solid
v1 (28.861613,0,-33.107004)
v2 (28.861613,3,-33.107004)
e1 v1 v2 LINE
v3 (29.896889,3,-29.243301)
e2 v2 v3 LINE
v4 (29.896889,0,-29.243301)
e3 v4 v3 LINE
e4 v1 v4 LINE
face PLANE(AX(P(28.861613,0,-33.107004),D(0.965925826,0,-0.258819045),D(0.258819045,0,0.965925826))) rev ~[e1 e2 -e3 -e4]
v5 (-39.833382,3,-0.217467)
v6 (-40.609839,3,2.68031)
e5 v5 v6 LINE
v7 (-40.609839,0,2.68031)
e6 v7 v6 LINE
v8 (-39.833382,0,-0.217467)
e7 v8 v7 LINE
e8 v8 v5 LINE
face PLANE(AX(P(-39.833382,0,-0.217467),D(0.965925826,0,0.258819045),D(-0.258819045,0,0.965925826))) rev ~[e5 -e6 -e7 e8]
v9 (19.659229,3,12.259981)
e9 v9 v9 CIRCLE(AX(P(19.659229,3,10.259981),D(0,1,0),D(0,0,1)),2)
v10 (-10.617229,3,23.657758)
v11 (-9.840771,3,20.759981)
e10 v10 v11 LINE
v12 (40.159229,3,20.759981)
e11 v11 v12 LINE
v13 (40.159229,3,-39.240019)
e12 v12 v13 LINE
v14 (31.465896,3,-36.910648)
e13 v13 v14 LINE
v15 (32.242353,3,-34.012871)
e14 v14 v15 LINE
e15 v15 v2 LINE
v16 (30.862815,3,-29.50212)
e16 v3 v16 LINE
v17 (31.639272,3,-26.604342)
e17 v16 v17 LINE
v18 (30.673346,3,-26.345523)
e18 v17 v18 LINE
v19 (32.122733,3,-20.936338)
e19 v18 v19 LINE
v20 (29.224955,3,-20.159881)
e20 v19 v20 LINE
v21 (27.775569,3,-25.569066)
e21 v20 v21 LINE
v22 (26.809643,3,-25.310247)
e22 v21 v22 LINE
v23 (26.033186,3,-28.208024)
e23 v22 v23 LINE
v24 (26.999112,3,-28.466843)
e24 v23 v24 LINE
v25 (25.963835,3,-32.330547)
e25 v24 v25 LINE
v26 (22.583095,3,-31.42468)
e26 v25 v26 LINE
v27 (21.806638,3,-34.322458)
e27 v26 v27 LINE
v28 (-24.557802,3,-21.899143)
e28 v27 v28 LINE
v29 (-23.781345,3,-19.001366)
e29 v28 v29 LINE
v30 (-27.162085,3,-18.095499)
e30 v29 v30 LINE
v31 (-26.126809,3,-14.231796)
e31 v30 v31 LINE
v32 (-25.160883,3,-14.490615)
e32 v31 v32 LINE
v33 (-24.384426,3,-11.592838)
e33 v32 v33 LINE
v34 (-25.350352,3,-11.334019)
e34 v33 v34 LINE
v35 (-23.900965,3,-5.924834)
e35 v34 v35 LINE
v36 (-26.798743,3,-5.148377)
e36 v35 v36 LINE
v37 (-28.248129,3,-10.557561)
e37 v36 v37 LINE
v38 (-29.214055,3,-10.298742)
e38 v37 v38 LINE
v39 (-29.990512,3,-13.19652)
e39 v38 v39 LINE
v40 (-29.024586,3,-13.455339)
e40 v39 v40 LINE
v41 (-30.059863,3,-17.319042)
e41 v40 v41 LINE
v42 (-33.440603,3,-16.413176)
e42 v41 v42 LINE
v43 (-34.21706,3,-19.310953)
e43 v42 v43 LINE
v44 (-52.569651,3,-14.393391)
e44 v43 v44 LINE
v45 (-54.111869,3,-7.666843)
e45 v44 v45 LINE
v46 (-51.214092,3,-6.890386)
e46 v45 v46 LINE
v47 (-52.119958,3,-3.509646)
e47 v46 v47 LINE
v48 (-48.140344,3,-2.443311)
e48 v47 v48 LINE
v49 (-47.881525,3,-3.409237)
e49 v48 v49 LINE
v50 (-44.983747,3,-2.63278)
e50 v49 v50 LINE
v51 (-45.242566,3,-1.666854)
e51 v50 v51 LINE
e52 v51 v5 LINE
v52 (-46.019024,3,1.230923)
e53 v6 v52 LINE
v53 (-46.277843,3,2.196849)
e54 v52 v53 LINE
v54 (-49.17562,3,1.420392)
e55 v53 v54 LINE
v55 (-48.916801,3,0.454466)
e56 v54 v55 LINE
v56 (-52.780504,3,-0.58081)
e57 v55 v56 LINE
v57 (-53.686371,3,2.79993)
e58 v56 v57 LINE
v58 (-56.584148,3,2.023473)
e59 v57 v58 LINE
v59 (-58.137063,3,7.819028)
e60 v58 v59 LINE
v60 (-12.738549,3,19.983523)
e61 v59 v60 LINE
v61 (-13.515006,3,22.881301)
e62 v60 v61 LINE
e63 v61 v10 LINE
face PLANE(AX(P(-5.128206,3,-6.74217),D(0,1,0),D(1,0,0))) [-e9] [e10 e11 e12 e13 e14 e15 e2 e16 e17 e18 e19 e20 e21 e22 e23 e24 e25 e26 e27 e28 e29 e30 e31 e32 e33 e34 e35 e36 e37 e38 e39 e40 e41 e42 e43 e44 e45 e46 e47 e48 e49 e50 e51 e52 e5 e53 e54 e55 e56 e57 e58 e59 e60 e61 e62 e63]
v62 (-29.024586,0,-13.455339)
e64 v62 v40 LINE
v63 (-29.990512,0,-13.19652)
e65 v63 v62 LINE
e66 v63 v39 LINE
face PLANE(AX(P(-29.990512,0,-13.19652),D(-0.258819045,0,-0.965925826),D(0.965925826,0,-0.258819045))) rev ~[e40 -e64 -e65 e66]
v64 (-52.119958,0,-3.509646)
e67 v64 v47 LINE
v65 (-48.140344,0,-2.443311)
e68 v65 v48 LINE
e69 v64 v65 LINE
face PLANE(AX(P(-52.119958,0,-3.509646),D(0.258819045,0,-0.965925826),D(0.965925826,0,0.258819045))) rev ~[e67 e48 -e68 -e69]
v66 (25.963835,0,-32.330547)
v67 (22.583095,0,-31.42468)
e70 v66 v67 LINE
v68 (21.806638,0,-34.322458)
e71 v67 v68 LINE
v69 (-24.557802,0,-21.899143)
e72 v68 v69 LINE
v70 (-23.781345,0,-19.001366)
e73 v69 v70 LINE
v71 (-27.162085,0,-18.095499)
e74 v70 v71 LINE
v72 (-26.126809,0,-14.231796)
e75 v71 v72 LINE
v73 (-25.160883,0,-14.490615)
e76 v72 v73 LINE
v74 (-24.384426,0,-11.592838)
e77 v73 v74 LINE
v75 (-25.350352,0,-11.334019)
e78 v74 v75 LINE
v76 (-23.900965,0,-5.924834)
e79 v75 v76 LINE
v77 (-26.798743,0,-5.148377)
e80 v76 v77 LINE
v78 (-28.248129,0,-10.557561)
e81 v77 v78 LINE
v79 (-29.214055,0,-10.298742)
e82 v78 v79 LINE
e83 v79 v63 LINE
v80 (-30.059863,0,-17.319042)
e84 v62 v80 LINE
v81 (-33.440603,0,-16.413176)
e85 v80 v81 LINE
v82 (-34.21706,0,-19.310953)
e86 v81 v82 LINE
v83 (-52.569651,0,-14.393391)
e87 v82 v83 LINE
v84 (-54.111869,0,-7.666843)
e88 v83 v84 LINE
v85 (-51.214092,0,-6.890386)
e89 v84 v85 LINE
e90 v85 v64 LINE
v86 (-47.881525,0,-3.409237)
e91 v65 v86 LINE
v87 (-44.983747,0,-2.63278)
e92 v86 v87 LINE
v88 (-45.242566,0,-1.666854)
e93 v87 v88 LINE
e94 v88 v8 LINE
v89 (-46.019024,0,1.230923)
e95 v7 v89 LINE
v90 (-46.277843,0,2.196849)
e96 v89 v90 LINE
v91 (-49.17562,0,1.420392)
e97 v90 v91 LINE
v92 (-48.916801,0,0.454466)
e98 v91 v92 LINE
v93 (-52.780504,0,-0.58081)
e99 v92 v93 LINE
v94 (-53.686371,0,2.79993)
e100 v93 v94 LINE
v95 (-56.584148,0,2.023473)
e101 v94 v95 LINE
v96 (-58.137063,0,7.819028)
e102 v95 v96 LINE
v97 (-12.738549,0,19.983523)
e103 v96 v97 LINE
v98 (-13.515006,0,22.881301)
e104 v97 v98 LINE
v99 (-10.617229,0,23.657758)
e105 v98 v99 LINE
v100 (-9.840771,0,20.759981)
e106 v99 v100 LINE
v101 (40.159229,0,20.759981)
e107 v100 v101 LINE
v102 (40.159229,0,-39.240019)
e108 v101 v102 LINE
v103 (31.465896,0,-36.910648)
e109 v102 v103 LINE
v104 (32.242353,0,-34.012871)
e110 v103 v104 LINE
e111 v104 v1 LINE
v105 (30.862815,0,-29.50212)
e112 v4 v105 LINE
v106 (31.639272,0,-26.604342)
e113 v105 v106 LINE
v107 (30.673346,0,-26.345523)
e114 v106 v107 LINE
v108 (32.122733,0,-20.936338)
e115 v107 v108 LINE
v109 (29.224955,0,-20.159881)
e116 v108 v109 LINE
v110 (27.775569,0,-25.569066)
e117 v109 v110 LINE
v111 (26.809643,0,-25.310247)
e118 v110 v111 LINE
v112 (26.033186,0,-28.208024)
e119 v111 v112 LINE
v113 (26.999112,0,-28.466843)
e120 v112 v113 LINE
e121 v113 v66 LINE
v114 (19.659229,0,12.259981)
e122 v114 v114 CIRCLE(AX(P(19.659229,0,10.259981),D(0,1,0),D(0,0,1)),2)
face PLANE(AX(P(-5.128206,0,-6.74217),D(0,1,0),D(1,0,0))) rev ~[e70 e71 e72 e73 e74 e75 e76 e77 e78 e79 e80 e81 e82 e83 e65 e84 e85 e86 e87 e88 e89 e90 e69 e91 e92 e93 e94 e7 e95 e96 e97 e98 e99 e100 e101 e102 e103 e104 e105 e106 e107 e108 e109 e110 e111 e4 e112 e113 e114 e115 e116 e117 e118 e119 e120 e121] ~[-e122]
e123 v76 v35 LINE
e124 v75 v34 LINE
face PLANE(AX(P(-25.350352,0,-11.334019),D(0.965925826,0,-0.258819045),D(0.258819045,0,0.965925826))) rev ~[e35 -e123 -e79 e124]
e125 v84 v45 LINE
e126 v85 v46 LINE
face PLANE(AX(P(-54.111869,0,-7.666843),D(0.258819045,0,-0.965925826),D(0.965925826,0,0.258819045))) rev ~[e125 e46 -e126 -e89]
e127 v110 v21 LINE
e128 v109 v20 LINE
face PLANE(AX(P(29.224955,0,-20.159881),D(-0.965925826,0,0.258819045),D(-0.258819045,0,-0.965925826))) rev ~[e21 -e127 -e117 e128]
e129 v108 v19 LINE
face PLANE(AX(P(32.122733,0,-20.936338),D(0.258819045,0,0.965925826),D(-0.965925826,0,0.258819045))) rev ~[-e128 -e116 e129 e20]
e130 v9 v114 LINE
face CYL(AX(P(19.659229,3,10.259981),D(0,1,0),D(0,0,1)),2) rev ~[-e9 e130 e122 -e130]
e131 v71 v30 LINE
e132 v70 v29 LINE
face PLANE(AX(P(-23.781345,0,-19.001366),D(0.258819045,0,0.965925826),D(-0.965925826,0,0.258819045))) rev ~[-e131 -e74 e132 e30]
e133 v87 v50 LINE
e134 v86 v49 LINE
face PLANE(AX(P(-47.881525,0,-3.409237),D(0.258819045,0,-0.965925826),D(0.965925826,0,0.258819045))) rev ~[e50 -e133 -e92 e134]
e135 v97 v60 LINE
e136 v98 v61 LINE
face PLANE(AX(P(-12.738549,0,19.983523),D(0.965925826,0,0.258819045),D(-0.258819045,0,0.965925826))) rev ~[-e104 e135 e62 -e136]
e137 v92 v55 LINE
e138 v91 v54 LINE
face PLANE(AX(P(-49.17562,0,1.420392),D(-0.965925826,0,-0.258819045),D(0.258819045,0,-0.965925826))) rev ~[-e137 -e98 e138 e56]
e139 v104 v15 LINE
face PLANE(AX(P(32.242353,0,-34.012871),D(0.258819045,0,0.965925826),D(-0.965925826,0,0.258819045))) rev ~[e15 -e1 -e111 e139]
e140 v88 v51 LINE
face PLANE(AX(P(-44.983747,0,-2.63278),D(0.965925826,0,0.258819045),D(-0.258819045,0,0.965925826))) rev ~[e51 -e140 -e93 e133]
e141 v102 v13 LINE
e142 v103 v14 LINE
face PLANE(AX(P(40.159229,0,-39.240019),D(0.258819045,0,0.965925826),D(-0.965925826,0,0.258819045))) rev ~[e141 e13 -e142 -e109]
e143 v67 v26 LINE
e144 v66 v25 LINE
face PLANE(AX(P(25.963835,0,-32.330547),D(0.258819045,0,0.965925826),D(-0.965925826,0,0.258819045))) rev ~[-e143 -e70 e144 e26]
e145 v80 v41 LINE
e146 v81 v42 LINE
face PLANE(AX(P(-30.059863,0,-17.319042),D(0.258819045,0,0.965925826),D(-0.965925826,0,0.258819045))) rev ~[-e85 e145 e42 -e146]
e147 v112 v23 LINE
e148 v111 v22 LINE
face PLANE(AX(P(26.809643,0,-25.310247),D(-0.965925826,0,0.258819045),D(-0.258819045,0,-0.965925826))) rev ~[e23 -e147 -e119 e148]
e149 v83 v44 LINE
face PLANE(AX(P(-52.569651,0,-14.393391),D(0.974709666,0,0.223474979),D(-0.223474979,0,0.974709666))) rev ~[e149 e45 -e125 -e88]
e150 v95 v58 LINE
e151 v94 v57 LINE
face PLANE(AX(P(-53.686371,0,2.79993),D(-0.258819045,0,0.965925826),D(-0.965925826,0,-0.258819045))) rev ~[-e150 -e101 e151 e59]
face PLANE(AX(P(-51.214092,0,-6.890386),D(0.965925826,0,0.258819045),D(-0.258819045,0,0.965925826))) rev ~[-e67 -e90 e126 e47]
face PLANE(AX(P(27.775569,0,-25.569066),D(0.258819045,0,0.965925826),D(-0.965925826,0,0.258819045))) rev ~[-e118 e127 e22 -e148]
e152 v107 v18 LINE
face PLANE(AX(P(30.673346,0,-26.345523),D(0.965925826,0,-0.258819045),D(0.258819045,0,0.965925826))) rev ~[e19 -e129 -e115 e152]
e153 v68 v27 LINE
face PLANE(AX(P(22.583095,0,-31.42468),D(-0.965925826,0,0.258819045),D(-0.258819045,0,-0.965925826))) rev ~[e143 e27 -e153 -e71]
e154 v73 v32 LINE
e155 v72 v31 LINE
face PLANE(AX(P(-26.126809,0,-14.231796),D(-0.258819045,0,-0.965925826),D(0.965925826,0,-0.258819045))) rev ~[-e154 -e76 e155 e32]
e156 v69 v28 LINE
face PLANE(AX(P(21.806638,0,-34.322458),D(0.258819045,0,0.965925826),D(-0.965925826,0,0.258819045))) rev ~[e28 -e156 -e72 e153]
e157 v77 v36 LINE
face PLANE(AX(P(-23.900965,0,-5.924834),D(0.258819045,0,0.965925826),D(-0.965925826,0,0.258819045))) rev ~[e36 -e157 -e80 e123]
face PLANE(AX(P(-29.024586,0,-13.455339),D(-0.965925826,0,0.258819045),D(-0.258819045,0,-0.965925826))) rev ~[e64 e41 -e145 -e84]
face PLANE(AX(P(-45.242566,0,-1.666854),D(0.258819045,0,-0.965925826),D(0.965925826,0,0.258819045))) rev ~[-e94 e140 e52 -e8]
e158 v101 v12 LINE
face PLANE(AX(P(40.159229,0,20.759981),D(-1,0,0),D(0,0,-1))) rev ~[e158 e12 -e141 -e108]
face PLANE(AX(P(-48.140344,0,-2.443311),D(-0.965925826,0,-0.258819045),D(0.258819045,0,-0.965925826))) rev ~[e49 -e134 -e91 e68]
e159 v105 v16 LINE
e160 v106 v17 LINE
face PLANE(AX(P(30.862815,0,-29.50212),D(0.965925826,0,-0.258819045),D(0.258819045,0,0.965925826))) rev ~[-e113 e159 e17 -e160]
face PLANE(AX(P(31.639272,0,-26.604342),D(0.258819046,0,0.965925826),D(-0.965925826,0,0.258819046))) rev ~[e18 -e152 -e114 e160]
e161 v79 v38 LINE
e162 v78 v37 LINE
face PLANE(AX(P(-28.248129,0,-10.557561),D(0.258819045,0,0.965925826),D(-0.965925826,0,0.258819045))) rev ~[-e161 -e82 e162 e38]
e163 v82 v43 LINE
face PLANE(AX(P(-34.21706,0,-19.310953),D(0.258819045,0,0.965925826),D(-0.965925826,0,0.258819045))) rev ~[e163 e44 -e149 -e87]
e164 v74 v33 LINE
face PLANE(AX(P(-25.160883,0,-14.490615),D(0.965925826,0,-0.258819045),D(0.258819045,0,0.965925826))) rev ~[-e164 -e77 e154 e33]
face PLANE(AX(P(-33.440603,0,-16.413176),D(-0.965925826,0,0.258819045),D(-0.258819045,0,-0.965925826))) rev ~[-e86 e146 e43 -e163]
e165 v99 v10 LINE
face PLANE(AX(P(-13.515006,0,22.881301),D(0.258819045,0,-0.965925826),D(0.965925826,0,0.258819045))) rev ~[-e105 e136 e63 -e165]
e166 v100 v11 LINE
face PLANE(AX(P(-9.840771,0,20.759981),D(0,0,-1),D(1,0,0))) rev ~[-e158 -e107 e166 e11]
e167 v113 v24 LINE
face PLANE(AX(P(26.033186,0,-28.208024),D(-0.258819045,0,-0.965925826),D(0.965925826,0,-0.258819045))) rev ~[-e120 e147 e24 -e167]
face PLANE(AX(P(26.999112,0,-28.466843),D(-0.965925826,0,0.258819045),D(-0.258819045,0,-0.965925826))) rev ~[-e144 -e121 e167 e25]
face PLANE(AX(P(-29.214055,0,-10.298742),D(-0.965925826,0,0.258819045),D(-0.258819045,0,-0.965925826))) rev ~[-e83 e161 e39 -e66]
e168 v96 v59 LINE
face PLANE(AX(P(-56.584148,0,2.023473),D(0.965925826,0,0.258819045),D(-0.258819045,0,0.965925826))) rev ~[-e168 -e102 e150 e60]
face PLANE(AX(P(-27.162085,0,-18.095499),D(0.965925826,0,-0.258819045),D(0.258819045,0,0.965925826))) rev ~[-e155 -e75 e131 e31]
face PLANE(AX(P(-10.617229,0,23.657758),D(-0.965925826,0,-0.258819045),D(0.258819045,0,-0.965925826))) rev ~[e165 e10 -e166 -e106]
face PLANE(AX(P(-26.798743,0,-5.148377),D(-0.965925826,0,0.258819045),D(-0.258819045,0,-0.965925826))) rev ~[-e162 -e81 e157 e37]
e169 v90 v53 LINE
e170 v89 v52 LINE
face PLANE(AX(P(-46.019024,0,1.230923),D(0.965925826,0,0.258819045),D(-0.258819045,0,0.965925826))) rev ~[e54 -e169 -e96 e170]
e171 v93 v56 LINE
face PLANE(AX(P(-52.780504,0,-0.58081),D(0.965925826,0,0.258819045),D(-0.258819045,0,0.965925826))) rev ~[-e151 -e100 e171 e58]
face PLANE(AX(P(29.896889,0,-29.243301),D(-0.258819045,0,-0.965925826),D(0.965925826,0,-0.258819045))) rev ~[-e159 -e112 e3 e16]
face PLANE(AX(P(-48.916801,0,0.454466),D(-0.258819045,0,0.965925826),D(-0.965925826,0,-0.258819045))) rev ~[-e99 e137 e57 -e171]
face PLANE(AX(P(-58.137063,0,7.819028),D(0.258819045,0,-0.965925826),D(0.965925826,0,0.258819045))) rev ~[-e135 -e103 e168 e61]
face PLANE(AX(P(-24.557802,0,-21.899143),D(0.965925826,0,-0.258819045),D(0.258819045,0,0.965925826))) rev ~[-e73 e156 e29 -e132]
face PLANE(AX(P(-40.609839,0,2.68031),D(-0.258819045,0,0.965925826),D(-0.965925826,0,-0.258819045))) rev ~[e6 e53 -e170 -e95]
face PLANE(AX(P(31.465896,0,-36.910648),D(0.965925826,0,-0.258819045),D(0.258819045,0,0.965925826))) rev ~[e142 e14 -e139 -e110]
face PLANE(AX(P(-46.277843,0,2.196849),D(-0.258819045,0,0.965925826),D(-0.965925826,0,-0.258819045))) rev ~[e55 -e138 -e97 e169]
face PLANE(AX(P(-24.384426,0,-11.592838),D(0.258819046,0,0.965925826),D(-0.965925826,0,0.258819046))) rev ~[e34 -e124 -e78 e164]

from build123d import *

# Parameters (mm, degrees)
EXTRUDE_1_DEPTH     = 3
SKETCH_2_R          = 2
CUT_EXTRUDE_1_DEPTH = 71.204680691


with BuildPart() as part:
    # 草图1 → 凸台-拉伸1 (new body)
    with BuildSketch(Plane(origin=(0, 0, 0), x_dir=(1, 0, 0), z_dir=(0, 1, 0))):
        Polygon((31.465896135, 36.910648046), (32.24235327, 34.012870567), (28.861612878, 33.107003909), (29.896889059, 29.243300604), (30.862814885, 29.502119649), (31.63927202, 26.604342171), (30.673346194, 26.345523125), (32.122732847, 20.936338498), (29.224955368, 20.159881363), (27.775568715, 25.56906599), (26.809642889, 25.310246945), (26.033185754, 28.208024424), (26.99911158, 28.466843469), (25.9638354, 32.330546774), (22.583095008, 31.424680116), (21.806637872, 34.322457595), (-24.55780179, 21.89914343), (-23.781344654, 19.001365951), (-27.162085046, 18.095499294), (-26.126808866, 14.231795988), (-25.16088304, 14.490615033), (-24.384425904, 11.592837555), (-25.350351731, 11.334018509), (-23.900965078, 5.924833882), (-26.798742557, 5.148376747), (-28.248129209, 10.557561374), (-29.214055036, 10.298742329), (-29.990512171, 13.196519808), (-29.024586345, 13.455338853), (-30.059862525, 17.319042158), (-33.440602917, 16.4131755), (-34.217060053, 19.310952979), (-52.569650752, 14.393391122), (-54.11186912, 7.666843213), (-51.214091641, 6.890386078), (-52.119958299, 3.509645686), (-48.140343895, 2.44331122), (-47.88152485, 3.409237046), (-44.983747371, 2.632779911), (-45.242566416, 1.666854085), (-39.833381789, 0.217467432), (-40.609838924, -2.680310047), (-46.019023551, -1.230923394), (-46.277842596, -2.19684922), (-49.175620075, -1.420392085), (-48.91680103, -0.454466259), (-52.780504335, 0.580809922), (-53.686370993, -2.79993047), (-56.584148472, -2.023473335), (-58.137062743, -7.819028293), (-12.738548907, -19.983523413), (-13.515006042, -22.881300891), (-10.617228564, -23.657758027), (-9.840771428, -20.759980548), (40.159228572, -20.759980548), (40.159228572, 39.240019452), align=None)
    extrude(amount=EXTRUDE_1_DEPTH)

    # 草图2 → 切除-拉伸1 (cut, through all)
    with BuildSketch(Plane(origin=(0, 3, 0), x_dir=(1, 0, 0), z_dir=(0, 1, 0))):
        with Locations(Location((19.659228572, -10.259980548, 0), (0, 0, 270))):
            Circle(SKETCH_2_R)
    extrude(amount=-CUT_EXTRUDE_1_DEPTH, mode=Mode.SUBTRACT)


solid = part.part
